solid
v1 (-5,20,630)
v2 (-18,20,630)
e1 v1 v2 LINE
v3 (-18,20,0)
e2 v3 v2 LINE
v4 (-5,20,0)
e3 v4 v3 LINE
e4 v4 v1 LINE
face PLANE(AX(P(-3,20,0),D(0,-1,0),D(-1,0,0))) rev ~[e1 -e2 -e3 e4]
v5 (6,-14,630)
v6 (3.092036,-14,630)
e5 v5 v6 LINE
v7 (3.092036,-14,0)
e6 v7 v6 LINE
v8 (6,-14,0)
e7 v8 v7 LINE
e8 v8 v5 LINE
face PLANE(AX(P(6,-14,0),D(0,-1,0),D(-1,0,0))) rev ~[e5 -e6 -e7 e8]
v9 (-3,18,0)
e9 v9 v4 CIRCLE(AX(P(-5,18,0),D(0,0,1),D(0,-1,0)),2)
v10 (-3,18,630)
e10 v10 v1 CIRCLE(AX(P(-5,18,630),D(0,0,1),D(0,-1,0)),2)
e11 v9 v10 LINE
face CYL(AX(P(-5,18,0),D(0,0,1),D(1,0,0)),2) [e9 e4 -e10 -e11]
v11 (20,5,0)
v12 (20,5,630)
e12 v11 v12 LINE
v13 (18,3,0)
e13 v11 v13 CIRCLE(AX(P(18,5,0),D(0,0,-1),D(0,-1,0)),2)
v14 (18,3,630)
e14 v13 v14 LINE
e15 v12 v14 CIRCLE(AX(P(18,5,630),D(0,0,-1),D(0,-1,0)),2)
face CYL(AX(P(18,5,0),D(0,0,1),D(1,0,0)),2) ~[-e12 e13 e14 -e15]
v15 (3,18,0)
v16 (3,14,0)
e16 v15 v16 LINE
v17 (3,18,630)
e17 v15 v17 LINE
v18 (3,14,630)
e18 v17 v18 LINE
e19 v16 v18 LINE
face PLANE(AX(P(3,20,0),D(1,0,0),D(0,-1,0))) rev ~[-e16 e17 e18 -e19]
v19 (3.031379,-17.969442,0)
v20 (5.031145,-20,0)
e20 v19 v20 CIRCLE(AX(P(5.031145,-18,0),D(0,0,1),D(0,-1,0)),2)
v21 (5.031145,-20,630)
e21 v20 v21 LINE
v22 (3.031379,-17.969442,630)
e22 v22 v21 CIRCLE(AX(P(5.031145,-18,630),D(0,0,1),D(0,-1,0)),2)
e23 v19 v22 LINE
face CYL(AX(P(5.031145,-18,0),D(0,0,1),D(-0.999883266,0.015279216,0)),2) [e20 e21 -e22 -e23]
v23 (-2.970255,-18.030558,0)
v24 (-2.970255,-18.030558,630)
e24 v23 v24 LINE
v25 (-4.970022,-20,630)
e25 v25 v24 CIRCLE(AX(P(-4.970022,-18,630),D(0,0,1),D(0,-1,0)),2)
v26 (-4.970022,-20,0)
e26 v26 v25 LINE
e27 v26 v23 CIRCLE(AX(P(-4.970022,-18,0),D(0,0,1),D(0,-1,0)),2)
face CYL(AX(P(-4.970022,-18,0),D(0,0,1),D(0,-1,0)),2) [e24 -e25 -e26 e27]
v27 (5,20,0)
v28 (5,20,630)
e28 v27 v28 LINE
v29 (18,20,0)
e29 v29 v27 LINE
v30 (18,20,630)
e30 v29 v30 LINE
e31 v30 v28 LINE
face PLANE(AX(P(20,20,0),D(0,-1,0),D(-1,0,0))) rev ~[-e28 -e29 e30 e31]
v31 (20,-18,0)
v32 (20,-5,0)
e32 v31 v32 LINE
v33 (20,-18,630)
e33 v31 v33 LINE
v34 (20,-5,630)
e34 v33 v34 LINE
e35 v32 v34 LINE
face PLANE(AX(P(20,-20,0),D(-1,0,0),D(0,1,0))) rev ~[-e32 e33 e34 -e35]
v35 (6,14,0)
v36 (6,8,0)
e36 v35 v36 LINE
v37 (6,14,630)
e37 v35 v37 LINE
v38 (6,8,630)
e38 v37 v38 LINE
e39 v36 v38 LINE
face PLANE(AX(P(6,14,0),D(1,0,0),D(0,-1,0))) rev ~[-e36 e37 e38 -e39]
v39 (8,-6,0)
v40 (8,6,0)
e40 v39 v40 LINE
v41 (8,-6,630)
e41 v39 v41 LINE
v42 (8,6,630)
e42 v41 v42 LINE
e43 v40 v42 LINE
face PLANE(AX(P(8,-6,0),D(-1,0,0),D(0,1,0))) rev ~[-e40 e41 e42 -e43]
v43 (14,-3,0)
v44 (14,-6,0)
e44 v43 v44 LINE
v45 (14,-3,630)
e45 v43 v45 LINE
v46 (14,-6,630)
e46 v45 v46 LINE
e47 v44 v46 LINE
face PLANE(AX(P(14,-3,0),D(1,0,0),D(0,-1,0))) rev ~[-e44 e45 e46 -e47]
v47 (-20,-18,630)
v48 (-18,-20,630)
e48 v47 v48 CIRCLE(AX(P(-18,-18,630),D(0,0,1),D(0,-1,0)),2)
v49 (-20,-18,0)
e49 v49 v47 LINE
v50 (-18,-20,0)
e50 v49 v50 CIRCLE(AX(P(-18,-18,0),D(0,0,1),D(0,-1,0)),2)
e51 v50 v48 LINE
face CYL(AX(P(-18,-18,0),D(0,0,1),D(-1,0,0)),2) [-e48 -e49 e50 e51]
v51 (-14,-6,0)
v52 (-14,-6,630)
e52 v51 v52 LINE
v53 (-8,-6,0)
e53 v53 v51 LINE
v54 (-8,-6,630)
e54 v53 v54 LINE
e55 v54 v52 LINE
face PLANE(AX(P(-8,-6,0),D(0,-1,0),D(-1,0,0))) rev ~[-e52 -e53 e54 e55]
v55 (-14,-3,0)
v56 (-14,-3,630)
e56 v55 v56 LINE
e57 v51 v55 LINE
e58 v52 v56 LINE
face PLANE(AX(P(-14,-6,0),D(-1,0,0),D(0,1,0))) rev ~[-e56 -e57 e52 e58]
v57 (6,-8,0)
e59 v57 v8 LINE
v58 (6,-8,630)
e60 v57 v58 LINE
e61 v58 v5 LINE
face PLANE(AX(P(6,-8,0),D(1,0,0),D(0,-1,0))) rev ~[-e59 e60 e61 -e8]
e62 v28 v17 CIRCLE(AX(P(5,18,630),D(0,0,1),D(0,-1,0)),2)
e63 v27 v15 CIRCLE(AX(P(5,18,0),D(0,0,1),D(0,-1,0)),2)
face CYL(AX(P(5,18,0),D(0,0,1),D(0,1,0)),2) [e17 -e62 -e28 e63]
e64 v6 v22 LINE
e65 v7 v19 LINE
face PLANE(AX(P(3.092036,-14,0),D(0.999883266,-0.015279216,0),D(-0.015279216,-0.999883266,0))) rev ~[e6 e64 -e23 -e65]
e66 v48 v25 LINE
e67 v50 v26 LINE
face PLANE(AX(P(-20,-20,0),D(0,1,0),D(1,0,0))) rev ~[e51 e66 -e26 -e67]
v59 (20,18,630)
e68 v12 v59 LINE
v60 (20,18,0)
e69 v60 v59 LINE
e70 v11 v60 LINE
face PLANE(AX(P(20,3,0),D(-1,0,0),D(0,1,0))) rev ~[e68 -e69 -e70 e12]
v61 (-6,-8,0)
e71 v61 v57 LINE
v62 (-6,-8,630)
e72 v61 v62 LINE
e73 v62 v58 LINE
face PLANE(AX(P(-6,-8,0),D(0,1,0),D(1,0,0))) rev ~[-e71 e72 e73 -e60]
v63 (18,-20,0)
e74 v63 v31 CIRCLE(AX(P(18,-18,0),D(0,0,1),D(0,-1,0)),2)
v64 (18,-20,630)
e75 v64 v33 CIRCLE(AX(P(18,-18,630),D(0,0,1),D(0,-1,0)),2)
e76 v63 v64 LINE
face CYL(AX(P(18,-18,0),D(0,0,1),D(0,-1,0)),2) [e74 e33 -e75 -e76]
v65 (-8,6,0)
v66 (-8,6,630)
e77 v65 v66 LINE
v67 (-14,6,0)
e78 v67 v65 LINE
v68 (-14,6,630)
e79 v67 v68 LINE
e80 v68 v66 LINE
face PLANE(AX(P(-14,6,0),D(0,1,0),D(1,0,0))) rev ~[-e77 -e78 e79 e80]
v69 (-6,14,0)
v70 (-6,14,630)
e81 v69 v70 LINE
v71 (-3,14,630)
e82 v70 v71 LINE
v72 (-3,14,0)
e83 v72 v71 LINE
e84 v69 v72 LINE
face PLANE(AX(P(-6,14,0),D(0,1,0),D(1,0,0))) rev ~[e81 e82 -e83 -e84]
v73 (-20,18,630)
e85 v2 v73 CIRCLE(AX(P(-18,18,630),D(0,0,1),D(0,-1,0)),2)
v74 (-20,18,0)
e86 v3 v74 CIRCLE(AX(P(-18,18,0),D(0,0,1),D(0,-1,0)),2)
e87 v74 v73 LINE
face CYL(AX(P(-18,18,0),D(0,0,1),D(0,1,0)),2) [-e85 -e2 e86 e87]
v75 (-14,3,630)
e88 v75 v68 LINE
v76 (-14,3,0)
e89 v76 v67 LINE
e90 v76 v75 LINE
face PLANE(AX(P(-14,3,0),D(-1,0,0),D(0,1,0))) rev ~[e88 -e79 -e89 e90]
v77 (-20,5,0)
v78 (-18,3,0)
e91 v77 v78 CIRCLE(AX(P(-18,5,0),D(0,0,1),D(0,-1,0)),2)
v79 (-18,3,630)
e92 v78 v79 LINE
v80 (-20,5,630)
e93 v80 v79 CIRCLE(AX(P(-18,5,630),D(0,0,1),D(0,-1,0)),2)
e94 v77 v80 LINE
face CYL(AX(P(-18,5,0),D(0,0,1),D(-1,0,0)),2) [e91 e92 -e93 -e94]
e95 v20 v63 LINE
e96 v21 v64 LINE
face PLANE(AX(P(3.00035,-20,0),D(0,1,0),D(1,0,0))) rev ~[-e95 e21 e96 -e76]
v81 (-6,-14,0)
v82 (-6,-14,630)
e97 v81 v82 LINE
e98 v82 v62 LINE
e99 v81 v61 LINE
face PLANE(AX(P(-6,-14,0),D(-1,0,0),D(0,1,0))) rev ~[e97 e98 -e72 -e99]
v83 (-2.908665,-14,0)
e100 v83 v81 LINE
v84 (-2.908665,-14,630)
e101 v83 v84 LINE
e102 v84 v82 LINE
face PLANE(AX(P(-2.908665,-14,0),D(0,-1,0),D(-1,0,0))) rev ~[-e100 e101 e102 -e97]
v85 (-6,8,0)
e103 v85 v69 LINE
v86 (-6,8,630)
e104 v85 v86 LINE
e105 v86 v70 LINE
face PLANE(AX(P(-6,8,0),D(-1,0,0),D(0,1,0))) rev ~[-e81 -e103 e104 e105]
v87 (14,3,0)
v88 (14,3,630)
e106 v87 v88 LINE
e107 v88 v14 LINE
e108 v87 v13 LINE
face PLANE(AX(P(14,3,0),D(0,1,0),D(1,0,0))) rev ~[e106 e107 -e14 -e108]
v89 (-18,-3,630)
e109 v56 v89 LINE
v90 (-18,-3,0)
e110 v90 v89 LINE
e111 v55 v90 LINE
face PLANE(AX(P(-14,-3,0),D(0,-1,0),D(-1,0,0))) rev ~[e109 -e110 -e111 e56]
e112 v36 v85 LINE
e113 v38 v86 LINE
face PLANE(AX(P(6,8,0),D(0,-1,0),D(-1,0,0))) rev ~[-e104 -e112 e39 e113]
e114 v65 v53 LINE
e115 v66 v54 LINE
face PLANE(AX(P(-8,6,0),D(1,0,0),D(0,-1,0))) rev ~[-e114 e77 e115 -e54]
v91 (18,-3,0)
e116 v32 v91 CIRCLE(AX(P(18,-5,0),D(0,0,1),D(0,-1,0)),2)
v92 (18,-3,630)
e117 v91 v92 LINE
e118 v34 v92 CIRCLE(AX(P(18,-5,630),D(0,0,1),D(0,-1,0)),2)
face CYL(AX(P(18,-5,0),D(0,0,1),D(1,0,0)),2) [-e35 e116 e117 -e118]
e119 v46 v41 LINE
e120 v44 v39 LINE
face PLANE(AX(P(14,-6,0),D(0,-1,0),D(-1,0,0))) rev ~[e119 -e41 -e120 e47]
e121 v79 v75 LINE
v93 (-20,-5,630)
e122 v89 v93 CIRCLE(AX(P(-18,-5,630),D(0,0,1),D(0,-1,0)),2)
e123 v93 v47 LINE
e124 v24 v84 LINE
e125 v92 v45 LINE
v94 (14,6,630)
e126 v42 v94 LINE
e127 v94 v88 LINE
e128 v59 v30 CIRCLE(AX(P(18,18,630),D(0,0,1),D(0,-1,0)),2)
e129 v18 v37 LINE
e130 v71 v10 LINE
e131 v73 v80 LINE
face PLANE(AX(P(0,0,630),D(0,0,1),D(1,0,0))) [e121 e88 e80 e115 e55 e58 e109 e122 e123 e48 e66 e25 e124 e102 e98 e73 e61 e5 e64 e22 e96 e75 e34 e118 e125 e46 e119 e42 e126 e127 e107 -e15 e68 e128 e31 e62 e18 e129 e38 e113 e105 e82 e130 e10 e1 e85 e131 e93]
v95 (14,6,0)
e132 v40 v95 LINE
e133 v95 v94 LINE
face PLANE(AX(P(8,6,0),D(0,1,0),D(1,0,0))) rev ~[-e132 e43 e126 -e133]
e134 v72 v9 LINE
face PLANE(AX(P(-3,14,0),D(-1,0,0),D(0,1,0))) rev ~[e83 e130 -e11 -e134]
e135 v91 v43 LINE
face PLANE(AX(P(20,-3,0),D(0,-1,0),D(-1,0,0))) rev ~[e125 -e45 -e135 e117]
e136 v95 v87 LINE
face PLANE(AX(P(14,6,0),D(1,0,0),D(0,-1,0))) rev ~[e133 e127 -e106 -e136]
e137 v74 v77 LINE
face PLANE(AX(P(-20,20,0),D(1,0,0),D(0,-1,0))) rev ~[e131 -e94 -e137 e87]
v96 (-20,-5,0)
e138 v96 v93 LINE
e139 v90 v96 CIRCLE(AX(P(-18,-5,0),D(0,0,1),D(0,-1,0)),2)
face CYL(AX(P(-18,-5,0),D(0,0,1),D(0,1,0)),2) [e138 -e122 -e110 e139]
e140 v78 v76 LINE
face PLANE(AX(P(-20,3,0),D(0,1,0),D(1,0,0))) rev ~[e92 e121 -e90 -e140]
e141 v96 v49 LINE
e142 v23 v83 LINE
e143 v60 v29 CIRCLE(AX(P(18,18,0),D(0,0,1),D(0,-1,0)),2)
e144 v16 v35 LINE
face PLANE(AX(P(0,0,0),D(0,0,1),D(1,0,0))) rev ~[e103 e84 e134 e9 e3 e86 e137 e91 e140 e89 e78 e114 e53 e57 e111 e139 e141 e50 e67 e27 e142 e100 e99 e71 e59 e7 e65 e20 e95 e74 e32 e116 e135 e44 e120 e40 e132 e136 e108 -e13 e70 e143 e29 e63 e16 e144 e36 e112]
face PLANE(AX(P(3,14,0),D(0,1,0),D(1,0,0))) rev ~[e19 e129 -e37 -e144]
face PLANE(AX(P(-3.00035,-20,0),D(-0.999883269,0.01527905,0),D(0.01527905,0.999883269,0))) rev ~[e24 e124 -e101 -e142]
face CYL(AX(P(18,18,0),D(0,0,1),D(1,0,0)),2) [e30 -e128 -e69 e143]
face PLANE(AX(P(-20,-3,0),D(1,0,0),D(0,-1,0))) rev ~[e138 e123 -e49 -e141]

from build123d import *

# Parameters (mm, degrees)
F1_DEPTH = 630
F2_R     = 2


with BuildPart() as f1:
    # F0 (on Top) → F1 (new body)
    with BuildSketch(Plane.XY):
        Polygon((20, 3), (20, 20), (3, 20), (3, 14), (6, 14), (6, 8), (-6, 8), (-6, 14), (-3, 14), (-3, 20), (-20, 20), (-20, 3), (-14, 3), (-14, 6), (-8, 6), (-8, -6), (-14, -6), (-14, -3), (-20, -3), (-20, -20), (-3.00035, -20), (-2.908665, -14), (-6, -14), (-6, -8), (6, -8), (6, -14), (3.092036, -14), (3.00035, -20), (20, -20), (20, -3), (14, -3), (14, -6), (8, -6), (8, 6), (14, 6), (14, 3), align=None)
    extrude(amount=F1_DEPTH)

    # F2
    f2_edges = [f1.edges().sort_by_distance(p)[0] for p in [
        (20, 3, 315),
        (20, 20, 315),
        (20, -20, 315),
        (20, -3, 315),
        (-3.00035, -20, 315),
        (-3, 20, 315),
        (3, 20, 315),
        (-20, 20, 315),
        (-20, -3, 315),
        (-20, 3, 315),
        (-20, -20, 315),
        (3.00035, -20, 315),
    ]]
    fillet(f2_edges, radius=F2_R)


solid = f1.part
